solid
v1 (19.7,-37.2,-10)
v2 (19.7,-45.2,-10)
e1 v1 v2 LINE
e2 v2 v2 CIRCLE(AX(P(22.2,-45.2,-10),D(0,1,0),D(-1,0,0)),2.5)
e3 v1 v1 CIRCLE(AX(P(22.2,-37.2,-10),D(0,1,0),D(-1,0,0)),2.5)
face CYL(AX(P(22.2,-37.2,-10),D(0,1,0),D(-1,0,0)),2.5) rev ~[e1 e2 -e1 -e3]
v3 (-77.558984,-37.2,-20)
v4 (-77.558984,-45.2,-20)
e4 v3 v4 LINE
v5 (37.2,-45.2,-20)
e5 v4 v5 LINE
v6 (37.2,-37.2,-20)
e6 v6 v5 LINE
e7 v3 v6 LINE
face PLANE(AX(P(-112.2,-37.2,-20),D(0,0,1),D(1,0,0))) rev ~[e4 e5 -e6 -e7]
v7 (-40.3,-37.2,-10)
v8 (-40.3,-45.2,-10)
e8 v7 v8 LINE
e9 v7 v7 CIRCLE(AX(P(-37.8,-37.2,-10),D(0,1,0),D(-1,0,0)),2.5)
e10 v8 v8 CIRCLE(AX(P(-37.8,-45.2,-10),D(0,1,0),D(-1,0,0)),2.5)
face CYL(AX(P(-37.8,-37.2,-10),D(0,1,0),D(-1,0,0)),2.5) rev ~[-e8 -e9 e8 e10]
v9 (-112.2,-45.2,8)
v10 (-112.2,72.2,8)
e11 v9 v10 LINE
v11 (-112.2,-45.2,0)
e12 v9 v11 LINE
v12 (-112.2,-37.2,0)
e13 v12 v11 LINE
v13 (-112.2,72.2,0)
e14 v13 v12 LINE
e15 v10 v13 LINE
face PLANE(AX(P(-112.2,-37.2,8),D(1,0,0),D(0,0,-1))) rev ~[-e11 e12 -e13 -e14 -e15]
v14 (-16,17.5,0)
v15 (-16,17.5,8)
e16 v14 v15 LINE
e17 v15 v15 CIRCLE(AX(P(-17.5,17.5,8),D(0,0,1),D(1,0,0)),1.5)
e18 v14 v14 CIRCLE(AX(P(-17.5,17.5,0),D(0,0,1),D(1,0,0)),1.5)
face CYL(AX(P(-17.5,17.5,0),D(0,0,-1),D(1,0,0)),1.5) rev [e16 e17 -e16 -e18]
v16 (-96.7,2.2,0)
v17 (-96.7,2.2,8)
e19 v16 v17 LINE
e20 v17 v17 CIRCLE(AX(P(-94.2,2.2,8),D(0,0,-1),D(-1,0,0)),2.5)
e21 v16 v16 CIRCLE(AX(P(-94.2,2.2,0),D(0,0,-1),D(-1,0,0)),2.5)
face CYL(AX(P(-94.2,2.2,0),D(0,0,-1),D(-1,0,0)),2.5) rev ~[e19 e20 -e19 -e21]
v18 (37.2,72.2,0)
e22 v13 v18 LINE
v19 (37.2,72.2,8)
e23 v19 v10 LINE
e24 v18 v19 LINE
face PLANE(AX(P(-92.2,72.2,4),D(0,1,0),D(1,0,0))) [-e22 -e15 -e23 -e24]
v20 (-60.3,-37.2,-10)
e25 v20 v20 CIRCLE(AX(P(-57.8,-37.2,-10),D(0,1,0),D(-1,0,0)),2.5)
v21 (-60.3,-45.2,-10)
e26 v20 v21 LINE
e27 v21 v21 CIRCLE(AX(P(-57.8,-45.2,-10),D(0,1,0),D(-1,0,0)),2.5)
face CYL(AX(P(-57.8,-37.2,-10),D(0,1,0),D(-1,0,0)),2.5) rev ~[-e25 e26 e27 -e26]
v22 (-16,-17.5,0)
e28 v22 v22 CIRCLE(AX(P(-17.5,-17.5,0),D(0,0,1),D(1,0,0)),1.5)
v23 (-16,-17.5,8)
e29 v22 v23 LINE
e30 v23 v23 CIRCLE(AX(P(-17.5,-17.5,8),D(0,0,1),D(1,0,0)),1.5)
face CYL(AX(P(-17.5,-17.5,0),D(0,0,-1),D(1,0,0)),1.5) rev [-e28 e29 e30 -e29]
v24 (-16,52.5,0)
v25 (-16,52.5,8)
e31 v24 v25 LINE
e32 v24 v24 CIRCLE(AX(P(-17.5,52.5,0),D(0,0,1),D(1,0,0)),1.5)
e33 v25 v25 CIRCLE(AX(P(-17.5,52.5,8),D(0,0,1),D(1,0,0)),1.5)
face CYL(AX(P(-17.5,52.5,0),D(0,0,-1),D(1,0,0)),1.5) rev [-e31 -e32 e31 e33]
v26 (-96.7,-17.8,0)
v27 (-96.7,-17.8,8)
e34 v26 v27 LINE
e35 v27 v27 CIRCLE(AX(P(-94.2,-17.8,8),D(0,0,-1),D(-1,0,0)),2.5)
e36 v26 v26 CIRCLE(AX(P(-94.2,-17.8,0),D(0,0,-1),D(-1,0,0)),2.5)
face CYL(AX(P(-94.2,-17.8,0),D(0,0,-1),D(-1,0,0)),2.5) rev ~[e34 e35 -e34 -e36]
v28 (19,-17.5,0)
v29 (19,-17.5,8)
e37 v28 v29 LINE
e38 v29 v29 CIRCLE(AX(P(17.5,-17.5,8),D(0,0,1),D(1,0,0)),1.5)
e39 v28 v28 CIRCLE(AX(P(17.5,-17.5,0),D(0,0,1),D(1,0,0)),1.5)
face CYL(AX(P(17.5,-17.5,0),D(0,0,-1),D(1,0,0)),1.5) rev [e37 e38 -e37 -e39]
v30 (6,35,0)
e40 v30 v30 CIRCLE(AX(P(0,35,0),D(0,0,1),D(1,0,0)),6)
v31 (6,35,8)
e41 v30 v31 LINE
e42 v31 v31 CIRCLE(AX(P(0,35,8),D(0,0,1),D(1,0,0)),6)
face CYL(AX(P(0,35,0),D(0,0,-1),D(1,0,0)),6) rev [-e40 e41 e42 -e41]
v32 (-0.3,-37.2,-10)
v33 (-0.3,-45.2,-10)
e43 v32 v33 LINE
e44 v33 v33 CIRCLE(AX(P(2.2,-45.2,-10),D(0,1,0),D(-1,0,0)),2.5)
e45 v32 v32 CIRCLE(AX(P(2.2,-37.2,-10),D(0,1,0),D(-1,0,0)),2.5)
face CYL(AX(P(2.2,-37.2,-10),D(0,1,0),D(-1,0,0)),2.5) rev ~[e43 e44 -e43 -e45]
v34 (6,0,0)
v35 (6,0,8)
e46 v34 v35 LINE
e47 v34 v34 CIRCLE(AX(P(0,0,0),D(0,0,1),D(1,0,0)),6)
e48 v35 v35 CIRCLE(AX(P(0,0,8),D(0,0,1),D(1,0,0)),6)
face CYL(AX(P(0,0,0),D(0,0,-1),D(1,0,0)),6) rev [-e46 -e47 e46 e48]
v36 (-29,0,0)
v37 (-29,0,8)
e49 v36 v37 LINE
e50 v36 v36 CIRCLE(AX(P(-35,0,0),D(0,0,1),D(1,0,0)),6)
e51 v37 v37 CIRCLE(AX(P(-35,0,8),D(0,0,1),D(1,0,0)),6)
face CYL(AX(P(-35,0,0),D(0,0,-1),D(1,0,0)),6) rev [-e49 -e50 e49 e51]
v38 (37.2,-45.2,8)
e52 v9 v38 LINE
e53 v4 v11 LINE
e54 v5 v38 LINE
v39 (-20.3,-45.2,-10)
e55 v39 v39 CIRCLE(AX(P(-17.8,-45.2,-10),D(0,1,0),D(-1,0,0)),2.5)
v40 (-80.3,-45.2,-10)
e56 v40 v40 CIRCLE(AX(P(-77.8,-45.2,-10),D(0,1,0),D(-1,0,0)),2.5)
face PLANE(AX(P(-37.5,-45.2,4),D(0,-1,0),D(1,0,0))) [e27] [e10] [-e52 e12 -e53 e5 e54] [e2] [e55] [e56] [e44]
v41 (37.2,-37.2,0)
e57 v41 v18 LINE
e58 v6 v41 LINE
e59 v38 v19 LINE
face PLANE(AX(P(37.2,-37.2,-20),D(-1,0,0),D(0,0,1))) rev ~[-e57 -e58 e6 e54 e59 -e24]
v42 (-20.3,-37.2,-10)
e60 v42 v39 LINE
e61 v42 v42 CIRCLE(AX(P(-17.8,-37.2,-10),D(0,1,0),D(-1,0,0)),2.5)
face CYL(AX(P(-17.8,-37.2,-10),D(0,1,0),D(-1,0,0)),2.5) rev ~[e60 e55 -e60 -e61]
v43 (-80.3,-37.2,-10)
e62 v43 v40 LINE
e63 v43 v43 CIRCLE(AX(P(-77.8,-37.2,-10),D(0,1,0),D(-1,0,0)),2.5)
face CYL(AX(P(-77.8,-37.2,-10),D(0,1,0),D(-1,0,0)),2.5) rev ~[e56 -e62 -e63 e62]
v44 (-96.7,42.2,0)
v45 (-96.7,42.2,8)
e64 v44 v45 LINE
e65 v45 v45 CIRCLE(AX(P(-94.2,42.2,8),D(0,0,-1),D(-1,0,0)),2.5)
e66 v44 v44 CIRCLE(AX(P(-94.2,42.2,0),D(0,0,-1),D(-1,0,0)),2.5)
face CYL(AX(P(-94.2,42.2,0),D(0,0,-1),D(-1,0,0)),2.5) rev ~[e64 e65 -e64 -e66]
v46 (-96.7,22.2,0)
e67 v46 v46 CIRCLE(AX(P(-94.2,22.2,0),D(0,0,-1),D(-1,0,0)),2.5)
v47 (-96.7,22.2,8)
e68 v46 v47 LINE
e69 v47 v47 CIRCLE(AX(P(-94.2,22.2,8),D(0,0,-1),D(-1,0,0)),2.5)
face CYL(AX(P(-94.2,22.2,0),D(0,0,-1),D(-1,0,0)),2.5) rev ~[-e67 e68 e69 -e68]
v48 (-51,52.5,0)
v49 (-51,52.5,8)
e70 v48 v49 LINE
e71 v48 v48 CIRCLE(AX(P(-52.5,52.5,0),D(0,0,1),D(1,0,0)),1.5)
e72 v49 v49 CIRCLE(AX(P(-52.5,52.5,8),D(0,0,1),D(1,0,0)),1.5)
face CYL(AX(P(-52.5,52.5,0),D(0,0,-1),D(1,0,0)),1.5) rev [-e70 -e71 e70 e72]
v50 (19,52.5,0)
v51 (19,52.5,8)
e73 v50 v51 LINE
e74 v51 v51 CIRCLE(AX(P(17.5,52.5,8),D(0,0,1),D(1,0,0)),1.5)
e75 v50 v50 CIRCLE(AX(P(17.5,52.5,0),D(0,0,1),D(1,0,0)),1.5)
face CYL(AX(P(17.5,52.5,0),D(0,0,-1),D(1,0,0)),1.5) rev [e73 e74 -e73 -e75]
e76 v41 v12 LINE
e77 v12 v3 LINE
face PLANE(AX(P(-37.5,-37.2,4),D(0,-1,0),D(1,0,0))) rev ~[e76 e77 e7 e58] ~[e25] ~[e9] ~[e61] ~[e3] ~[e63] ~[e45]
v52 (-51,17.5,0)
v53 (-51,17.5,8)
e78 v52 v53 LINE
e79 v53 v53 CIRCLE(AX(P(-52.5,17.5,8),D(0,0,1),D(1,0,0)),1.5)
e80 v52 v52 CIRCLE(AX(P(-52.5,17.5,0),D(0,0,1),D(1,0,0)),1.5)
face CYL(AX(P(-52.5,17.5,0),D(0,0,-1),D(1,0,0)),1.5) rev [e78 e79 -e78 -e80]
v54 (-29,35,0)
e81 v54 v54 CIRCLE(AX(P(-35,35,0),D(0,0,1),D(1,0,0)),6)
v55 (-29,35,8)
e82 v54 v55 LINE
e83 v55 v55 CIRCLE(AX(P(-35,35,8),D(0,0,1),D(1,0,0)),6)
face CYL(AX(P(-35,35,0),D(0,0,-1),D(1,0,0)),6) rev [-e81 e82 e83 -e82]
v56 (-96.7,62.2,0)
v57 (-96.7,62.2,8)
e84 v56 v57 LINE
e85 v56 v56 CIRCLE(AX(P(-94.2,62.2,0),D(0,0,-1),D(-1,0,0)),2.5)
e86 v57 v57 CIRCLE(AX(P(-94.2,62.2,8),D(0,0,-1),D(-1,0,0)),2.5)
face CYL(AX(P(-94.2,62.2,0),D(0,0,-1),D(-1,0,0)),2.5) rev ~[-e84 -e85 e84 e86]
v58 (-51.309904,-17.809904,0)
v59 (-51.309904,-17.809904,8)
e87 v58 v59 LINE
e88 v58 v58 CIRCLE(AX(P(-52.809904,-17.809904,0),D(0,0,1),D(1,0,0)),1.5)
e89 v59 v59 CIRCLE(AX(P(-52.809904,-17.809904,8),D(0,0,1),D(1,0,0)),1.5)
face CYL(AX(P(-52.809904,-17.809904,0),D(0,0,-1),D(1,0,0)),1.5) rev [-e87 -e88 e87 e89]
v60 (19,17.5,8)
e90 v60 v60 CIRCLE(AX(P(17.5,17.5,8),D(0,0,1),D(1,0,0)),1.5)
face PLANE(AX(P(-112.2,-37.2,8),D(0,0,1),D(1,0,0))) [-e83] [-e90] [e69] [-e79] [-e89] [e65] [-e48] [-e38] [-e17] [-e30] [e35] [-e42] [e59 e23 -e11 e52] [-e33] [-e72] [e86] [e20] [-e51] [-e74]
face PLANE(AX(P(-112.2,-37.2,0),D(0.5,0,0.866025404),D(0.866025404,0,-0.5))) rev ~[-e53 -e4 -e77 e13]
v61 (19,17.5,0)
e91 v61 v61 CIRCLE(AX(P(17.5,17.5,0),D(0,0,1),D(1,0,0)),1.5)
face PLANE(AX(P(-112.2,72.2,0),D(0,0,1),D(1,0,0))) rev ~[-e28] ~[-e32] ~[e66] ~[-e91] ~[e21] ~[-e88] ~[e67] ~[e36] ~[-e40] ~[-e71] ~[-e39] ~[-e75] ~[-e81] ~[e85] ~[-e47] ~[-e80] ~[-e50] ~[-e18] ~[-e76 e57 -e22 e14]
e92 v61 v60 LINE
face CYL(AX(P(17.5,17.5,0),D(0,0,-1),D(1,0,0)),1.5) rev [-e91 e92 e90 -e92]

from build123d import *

# Parameters (mm, degrees)
SKETCH1_W           = 109.4
SKETCH1_H           = 109.4
SKETCH1_W_2         = 79.4
SKETCH1_H_2         = 79.4
SKETCH1_R           = 6
SKETCH1_R_2         = 1.5
BOSS_EXTRUDE1_DEPTH = 8
SKETCH2_W           = 40
SKETCH2_H           = 8
BOSS_EXTRUDE2_DEPTH = 109.4
SKETCH4_R           = 2.5
CUT_EXTRUDE1_DEPTH  = 25
SKETCH5_W           = 149.4
SKETCH5_H           = 8
SKETCH5_H_2         = 20
BOSS_EXTRUDE3_DEPTH = 8
CUT_EXTRUDE2_DEPTH  = 37
SKETCH7_R           = 2.5
CUT_EXTRUDE3_DEPTH  = 10


with BuildPart() as part:
    # Sketch1 → Boss-Extrude1 (new body)
    # profile 1 of 2: a face of its own
    with BuildSketch(Plane.XY):
        with Locations((-17.5, 17.5)):
            Rectangle(SKETCH1_W, SKETCH1_H)
        with Locations((-17.5, 17.5)):
            Rectangle(SKETCH1_W_2, SKETCH1_H_2, mode=Mode.SUBTRACT)
    # profile 2 of 2: a face of its own
    with BuildSketch(Plane.XY):
        with Locations((-17.5, 17.5)):
            Rectangle(SKETCH1_W_2, SKETCH1_H_2)
        with Locations((-35, 0)):
            Circle(SKETCH1_R, mode=Mode.SUBTRACT)
        Circle(SKETCH1_R, mode=Mode.SUBTRACT)
        with Locations((0, 35)):
            Circle(SKETCH1_R, mode=Mode.SUBTRACT)
        with Locations((-35, 35)):
            Circle(SKETCH1_R, mode=Mode.SUBTRACT)
        with Locations((-52.809903828, -17.809903828)):
            Circle(SKETCH1_R_2, mode=Mode.SUBTRACT)
        with Locations((-17.5, -17.5)):
            Circle(SKETCH1_R_2, mode=Mode.SUBTRACT)
        with Locations((17.5, -17.5)):
            Circle(SKETCH1_R_2, mode=Mode.SUBTRACT)
        with Locations((17.5, 17.5)):
            Circle(SKETCH1_R_2, mode=Mode.SUBTRACT)
        with Locations((-17.5, 17.5)):
            Circle(SKETCH1_R_2, mode=Mode.SUBTRACT)
        with Locations((-52.5, 17.5)):
            Circle(SKETCH1_R_2, mode=Mode.SUBTRACT)
        with Locations((17.5, 52.5)):
            Circle(SKETCH1_R_2, mode=Mode.SUBTRACT)
        with Locations((-17.5, 52.5)):
            Circle(SKETCH1_R_2, mode=Mode.SUBTRACT)
        with Locations((-52.5, 52.5)):
            Circle(SKETCH1_R_2, mode=Mode.SUBTRACT)
    extrude(amount=BOSS_EXTRUDE1_DEPTH)

    # Sketch2 → Boss-Extrude2 (add)
    with BuildSketch(Plane(origin=(0, 72.2, 0), x_dir=(1, 0, 0), z_dir=(0, 1, 0))):
        with Locations((-92.2, -4)):
            Rectangle(SKETCH2_W, SKETCH2_H)
    extrude(amount=-BOSS_EXTRUDE2_DEPTH)

    # Sketch4 → Cut-Extrude1 (cut)
    with BuildSketch(Plane(origin=(0, 0, 0), x_dir=(-1, 0, 0), z_dir=(0, 0, -1))):
        with Locations((94.2, 62.2)):
            Circle(SKETCH4_R)
        with Locations((94.2, 42.2)):
            Circle(SKETCH4_R)
        with Locations((94.2, 22.2)):
            Circle(SKETCH4_R)
        with Locations((94.2, 2.2)):
            Circle(SKETCH4_R)
        with Locations((94.2, -17.8)):
            Circle(SKETCH4_R)
    extrude(amount=-CUT_EXTRUDE1_DEPTH, mode=Mode.SUBTRACT)

    # Sketch5 → Boss-Extrude3 (add)
    with BuildSketch(Plane.XZ.offset(37.2)):
        with Locations((-37.5, 4)):
            Rectangle(SKETCH5_W, SKETCH5_H)
        with Locations((-37.5, -10)):
            Rectangle(SKETCH5_W, SKETCH5_H_2)
    extrude(amount=BOSS_EXTRUDE3_DEPTH)

    # Sketch6 → Cut-Extrude2 (cut)
    with BuildSketch(Plane(origin=(0, -37.2, 0), x_dir=(1, 0, 0), z_dir=(0, 1, 0))):
        Polygon((-112.2, 0), (-77.558983849, 20), (-112.2, 20), align=None)
    extrude(amount=-CUT_EXTRUDE2_DEPTH, mode=Mode.SUBTRACT)

    # Sketch7 → Cut-Extrude3 (cut)
    with BuildSketch(Plane(origin=(0, -37.2, 0), x_dir=(1, 0, 0), z_dir=(0, 1, 0))):
        with Locations(Location((22.2, 10, 0), (0, 0, 180))):
            Circle(SKETCH7_R)
        with Locations(Location((2.2, 10, 0), (0, 0, 180))):
            Circle(SKETCH7_R)
        with Locations(Location((-17.8, 10, 0), (0, 0, 180))):
            Circle(SKETCH7_R)
        with Locations(Location((-37.8, 10, 0), (0, 0, 180))):
            Circle(SKETCH7_R)
        with Locations(Location((-57.8, 10, 0), (0, 0, 180))):
            Circle(SKETCH7_R)
        with Locations(Location((-77.8, 10, 0), (0, 0, 180))):
            Circle(SKETCH7_R)
    extrude(amount=-CUT_EXTRUDE3_DEPTH, mode=Mode.SUBTRACT)


solid = part.part
